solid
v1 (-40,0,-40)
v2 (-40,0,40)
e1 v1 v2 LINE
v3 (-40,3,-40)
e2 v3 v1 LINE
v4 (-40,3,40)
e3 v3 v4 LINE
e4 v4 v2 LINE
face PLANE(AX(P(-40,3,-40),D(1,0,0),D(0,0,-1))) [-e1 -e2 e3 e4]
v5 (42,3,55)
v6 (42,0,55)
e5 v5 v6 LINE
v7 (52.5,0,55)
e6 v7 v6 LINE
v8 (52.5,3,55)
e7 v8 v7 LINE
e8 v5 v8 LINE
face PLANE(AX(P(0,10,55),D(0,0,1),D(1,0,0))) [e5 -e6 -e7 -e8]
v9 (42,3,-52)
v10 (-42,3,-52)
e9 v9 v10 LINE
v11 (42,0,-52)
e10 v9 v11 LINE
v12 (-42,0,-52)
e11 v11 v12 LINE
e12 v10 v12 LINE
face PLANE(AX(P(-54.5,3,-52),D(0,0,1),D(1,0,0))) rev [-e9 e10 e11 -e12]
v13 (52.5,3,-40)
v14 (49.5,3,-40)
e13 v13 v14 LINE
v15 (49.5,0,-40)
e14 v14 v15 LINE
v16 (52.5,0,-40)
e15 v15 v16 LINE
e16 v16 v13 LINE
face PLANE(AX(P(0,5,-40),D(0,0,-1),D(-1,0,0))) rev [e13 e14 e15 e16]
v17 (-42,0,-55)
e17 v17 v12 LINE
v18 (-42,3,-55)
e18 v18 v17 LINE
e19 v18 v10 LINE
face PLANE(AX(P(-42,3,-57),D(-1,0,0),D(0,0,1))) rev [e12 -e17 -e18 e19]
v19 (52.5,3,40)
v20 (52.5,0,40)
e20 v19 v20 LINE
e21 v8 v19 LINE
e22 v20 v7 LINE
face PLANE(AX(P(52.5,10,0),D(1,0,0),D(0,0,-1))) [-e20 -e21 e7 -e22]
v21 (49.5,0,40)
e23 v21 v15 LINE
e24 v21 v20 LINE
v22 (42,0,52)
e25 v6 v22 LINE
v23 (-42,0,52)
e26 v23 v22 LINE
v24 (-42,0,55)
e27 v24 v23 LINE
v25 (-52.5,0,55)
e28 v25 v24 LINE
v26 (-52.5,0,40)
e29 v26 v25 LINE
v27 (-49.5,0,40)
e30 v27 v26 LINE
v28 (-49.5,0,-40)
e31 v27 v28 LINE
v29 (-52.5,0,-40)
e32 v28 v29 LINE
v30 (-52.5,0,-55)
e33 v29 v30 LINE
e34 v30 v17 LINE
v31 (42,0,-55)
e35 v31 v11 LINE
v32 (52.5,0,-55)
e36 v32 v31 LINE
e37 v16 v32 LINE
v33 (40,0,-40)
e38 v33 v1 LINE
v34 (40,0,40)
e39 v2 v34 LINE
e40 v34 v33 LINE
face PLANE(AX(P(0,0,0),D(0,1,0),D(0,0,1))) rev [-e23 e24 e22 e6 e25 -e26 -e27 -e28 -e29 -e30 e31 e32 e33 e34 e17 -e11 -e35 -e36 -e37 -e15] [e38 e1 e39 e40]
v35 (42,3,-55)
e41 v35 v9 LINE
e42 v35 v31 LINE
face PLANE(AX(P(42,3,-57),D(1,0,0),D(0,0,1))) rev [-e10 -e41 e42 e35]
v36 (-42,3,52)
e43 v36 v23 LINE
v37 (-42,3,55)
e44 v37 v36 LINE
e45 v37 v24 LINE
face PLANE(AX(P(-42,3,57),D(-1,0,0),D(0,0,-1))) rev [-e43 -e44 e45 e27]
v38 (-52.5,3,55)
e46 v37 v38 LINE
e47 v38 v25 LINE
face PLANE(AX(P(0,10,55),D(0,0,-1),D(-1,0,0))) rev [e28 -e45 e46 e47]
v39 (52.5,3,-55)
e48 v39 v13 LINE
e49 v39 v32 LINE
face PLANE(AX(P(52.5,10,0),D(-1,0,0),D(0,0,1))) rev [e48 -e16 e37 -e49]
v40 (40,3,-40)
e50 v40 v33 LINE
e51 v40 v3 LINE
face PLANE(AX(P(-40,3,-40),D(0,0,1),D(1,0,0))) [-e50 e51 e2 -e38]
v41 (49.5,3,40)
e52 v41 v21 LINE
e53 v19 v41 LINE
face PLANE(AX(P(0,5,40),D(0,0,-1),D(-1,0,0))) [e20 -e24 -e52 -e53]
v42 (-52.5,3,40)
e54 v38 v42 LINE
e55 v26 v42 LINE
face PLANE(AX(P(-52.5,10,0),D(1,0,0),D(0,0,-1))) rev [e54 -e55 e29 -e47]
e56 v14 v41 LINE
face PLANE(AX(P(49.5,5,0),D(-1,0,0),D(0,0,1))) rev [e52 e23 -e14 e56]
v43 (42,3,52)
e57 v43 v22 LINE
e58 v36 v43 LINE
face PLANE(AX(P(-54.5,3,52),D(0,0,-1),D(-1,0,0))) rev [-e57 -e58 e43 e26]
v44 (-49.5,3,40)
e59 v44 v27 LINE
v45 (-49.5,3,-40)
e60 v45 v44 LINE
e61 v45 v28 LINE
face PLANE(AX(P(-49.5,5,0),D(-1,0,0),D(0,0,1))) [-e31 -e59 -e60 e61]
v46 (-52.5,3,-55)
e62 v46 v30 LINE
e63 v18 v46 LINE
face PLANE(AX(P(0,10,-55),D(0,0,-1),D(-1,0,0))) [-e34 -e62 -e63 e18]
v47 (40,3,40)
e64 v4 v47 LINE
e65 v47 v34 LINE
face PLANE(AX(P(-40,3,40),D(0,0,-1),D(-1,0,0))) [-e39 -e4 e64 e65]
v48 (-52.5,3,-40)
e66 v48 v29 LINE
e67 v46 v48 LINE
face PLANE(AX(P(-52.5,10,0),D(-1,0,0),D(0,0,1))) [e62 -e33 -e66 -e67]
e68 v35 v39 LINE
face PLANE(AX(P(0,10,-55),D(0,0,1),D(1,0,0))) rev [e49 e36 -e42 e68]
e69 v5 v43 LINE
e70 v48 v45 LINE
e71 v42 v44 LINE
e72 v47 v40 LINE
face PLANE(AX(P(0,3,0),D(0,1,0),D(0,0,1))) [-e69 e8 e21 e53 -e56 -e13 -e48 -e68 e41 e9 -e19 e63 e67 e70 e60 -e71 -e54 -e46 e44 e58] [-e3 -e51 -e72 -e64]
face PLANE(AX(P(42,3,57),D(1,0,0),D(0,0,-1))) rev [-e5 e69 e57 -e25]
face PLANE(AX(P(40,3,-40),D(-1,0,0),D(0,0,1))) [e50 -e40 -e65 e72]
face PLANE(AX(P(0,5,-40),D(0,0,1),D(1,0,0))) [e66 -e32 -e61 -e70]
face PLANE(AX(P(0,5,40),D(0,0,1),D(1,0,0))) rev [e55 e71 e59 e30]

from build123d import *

# Parameters (mm, degrees)
SKETCH2_W               = 109
SKETCH2_H               = 104
SKETCH2_W_2             = 80
SKETCH2_H_2             = 80
BOSS_EXTRUDE2_DEPTH     = 3
SKETCH3_W               = 12.5
SKETCH3_H               = 3
BOSS_EXTRUDE3_DEPTH     = 5
SKETCH4_W               = 5
SKETCH4_H               = 80
CUT_EXTRUDE1_DEPTH      = 5
SKETCH5_W               = 10.5
SKETCH5_H               = 2
CUT_EXTRUDE2_DEPTH      = 10
MIRROR5_COPY_1_SKETCH_W = 10.5
MIRROR5_COPY_1_SKETCH_H = 2
MIRROR5_COPY_1_DEPTH    = 10


with BuildPart() as part:
    # Sketch2 → Boss-Extrude2 (new body)
    with BuildSketch(Plane(origin=(0, 0, 0), x_dir=(1, 0, 0), z_dir=(0, 1, 0))):
        Rectangle(SKETCH2_W, SKETCH2_H)
        Rectangle(SKETCH2_W_2, SKETCH2_H_2, mode=Mode.SUBTRACT)
    extrude(amount=BOSS_EXTRUDE2_DEPTH)

    # Sketch3 → Boss-Extrude3 (add)
    with BuildSketch(Plane(origin=(0, 0, -52), x_dir=(-1, 0, 0), z_dir=(0, 0, -1))):
        with Locations((48.25, 1.5)):
            Rectangle(SKETCH3_W, SKETCH3_H)
    extrude(amount=BOSS_EXTRUDE3_DEPTH)

    # Mirror1: part across plane


with BuildPart() as part_1:
    add(part.part)
    add(part.part.mirror(Plane.XY))

    # Mirror2: part across plane


with BuildPart() as part_2:
    add(part_1.part)
    add(part_1.part.mirror(Plane(origin=(0, 0, 0), x_dir=(0, 0, 1), z_dir=(1, 0, 0))))

    # Sketch4 → Cut-Extrude1 (cut)
    with BuildSketch(Plane.XZ):
        with Locations((-52, 0)):
            Rectangle(SKETCH4_W, SKETCH4_H)
    cut_extrude1 = extrude(amount=-CUT_EXTRUDE1_DEPTH, mode=Mode.SUBTRACT)

    # Mirror3: Cut-Extrude1 across plane
    add(cut_extrude1.mirror(Plane(origin=(0, 0, 0), x_dir=(0, 0, 1), z_dir=(1, 0, 0))), mode=Mode.SUBTRACT)

    # Sketch5 → Cut-Extrude2 (cut)
    with BuildSketch(Plane.XZ):
        with Locations((47.25, -56)):
            Rectangle(SKETCH5_W, SKETCH5_H)
        Polygon((54.5, -57), (54.5, -40), (52.5, -40), (52.5, -55), (52.5, -57), align=None)
    cut_extrude2 = extrude(amount=-CUT_EXTRUDE2_DEPTH, mode=Mode.SUBTRACT)

    # Mirror4: Cut-Extrude2 across plane
    add(cut_extrude2.mirror(Plane(origin=(0, 0, 0), x_dir=(0, 0, 1), z_dir=(1, 0, 0))), mode=Mode.SUBTRACT)

    # Mirror5: Cut-Extrude2 across plane
    add(cut_extrude2.mirror(Plane.XY), mode=Mode.SUBTRACT)

    # Mirror5 copy 1 sketch → Mirror5 copy 1 (cut)
    with BuildSketch(Plane(origin=(0, 0, 0), x_dir=(-1, 0, 0), z_dir=(0, -1, 0))):
        with Locations((47.25, -56)):
            Rectangle(MIRROR5_COPY_1_SKETCH_W, MIRROR5_COPY_1_SKETCH_H)
        Polygon((54.5, -57), (54.5, -40), (52.5, -40), (52.5, -55), (52.5, -57), align=None)
    extrude(amount=-MIRROR5_COPY_1_DEPTH, mode=Mode.SUBTRACT)


solid = part_2.part
